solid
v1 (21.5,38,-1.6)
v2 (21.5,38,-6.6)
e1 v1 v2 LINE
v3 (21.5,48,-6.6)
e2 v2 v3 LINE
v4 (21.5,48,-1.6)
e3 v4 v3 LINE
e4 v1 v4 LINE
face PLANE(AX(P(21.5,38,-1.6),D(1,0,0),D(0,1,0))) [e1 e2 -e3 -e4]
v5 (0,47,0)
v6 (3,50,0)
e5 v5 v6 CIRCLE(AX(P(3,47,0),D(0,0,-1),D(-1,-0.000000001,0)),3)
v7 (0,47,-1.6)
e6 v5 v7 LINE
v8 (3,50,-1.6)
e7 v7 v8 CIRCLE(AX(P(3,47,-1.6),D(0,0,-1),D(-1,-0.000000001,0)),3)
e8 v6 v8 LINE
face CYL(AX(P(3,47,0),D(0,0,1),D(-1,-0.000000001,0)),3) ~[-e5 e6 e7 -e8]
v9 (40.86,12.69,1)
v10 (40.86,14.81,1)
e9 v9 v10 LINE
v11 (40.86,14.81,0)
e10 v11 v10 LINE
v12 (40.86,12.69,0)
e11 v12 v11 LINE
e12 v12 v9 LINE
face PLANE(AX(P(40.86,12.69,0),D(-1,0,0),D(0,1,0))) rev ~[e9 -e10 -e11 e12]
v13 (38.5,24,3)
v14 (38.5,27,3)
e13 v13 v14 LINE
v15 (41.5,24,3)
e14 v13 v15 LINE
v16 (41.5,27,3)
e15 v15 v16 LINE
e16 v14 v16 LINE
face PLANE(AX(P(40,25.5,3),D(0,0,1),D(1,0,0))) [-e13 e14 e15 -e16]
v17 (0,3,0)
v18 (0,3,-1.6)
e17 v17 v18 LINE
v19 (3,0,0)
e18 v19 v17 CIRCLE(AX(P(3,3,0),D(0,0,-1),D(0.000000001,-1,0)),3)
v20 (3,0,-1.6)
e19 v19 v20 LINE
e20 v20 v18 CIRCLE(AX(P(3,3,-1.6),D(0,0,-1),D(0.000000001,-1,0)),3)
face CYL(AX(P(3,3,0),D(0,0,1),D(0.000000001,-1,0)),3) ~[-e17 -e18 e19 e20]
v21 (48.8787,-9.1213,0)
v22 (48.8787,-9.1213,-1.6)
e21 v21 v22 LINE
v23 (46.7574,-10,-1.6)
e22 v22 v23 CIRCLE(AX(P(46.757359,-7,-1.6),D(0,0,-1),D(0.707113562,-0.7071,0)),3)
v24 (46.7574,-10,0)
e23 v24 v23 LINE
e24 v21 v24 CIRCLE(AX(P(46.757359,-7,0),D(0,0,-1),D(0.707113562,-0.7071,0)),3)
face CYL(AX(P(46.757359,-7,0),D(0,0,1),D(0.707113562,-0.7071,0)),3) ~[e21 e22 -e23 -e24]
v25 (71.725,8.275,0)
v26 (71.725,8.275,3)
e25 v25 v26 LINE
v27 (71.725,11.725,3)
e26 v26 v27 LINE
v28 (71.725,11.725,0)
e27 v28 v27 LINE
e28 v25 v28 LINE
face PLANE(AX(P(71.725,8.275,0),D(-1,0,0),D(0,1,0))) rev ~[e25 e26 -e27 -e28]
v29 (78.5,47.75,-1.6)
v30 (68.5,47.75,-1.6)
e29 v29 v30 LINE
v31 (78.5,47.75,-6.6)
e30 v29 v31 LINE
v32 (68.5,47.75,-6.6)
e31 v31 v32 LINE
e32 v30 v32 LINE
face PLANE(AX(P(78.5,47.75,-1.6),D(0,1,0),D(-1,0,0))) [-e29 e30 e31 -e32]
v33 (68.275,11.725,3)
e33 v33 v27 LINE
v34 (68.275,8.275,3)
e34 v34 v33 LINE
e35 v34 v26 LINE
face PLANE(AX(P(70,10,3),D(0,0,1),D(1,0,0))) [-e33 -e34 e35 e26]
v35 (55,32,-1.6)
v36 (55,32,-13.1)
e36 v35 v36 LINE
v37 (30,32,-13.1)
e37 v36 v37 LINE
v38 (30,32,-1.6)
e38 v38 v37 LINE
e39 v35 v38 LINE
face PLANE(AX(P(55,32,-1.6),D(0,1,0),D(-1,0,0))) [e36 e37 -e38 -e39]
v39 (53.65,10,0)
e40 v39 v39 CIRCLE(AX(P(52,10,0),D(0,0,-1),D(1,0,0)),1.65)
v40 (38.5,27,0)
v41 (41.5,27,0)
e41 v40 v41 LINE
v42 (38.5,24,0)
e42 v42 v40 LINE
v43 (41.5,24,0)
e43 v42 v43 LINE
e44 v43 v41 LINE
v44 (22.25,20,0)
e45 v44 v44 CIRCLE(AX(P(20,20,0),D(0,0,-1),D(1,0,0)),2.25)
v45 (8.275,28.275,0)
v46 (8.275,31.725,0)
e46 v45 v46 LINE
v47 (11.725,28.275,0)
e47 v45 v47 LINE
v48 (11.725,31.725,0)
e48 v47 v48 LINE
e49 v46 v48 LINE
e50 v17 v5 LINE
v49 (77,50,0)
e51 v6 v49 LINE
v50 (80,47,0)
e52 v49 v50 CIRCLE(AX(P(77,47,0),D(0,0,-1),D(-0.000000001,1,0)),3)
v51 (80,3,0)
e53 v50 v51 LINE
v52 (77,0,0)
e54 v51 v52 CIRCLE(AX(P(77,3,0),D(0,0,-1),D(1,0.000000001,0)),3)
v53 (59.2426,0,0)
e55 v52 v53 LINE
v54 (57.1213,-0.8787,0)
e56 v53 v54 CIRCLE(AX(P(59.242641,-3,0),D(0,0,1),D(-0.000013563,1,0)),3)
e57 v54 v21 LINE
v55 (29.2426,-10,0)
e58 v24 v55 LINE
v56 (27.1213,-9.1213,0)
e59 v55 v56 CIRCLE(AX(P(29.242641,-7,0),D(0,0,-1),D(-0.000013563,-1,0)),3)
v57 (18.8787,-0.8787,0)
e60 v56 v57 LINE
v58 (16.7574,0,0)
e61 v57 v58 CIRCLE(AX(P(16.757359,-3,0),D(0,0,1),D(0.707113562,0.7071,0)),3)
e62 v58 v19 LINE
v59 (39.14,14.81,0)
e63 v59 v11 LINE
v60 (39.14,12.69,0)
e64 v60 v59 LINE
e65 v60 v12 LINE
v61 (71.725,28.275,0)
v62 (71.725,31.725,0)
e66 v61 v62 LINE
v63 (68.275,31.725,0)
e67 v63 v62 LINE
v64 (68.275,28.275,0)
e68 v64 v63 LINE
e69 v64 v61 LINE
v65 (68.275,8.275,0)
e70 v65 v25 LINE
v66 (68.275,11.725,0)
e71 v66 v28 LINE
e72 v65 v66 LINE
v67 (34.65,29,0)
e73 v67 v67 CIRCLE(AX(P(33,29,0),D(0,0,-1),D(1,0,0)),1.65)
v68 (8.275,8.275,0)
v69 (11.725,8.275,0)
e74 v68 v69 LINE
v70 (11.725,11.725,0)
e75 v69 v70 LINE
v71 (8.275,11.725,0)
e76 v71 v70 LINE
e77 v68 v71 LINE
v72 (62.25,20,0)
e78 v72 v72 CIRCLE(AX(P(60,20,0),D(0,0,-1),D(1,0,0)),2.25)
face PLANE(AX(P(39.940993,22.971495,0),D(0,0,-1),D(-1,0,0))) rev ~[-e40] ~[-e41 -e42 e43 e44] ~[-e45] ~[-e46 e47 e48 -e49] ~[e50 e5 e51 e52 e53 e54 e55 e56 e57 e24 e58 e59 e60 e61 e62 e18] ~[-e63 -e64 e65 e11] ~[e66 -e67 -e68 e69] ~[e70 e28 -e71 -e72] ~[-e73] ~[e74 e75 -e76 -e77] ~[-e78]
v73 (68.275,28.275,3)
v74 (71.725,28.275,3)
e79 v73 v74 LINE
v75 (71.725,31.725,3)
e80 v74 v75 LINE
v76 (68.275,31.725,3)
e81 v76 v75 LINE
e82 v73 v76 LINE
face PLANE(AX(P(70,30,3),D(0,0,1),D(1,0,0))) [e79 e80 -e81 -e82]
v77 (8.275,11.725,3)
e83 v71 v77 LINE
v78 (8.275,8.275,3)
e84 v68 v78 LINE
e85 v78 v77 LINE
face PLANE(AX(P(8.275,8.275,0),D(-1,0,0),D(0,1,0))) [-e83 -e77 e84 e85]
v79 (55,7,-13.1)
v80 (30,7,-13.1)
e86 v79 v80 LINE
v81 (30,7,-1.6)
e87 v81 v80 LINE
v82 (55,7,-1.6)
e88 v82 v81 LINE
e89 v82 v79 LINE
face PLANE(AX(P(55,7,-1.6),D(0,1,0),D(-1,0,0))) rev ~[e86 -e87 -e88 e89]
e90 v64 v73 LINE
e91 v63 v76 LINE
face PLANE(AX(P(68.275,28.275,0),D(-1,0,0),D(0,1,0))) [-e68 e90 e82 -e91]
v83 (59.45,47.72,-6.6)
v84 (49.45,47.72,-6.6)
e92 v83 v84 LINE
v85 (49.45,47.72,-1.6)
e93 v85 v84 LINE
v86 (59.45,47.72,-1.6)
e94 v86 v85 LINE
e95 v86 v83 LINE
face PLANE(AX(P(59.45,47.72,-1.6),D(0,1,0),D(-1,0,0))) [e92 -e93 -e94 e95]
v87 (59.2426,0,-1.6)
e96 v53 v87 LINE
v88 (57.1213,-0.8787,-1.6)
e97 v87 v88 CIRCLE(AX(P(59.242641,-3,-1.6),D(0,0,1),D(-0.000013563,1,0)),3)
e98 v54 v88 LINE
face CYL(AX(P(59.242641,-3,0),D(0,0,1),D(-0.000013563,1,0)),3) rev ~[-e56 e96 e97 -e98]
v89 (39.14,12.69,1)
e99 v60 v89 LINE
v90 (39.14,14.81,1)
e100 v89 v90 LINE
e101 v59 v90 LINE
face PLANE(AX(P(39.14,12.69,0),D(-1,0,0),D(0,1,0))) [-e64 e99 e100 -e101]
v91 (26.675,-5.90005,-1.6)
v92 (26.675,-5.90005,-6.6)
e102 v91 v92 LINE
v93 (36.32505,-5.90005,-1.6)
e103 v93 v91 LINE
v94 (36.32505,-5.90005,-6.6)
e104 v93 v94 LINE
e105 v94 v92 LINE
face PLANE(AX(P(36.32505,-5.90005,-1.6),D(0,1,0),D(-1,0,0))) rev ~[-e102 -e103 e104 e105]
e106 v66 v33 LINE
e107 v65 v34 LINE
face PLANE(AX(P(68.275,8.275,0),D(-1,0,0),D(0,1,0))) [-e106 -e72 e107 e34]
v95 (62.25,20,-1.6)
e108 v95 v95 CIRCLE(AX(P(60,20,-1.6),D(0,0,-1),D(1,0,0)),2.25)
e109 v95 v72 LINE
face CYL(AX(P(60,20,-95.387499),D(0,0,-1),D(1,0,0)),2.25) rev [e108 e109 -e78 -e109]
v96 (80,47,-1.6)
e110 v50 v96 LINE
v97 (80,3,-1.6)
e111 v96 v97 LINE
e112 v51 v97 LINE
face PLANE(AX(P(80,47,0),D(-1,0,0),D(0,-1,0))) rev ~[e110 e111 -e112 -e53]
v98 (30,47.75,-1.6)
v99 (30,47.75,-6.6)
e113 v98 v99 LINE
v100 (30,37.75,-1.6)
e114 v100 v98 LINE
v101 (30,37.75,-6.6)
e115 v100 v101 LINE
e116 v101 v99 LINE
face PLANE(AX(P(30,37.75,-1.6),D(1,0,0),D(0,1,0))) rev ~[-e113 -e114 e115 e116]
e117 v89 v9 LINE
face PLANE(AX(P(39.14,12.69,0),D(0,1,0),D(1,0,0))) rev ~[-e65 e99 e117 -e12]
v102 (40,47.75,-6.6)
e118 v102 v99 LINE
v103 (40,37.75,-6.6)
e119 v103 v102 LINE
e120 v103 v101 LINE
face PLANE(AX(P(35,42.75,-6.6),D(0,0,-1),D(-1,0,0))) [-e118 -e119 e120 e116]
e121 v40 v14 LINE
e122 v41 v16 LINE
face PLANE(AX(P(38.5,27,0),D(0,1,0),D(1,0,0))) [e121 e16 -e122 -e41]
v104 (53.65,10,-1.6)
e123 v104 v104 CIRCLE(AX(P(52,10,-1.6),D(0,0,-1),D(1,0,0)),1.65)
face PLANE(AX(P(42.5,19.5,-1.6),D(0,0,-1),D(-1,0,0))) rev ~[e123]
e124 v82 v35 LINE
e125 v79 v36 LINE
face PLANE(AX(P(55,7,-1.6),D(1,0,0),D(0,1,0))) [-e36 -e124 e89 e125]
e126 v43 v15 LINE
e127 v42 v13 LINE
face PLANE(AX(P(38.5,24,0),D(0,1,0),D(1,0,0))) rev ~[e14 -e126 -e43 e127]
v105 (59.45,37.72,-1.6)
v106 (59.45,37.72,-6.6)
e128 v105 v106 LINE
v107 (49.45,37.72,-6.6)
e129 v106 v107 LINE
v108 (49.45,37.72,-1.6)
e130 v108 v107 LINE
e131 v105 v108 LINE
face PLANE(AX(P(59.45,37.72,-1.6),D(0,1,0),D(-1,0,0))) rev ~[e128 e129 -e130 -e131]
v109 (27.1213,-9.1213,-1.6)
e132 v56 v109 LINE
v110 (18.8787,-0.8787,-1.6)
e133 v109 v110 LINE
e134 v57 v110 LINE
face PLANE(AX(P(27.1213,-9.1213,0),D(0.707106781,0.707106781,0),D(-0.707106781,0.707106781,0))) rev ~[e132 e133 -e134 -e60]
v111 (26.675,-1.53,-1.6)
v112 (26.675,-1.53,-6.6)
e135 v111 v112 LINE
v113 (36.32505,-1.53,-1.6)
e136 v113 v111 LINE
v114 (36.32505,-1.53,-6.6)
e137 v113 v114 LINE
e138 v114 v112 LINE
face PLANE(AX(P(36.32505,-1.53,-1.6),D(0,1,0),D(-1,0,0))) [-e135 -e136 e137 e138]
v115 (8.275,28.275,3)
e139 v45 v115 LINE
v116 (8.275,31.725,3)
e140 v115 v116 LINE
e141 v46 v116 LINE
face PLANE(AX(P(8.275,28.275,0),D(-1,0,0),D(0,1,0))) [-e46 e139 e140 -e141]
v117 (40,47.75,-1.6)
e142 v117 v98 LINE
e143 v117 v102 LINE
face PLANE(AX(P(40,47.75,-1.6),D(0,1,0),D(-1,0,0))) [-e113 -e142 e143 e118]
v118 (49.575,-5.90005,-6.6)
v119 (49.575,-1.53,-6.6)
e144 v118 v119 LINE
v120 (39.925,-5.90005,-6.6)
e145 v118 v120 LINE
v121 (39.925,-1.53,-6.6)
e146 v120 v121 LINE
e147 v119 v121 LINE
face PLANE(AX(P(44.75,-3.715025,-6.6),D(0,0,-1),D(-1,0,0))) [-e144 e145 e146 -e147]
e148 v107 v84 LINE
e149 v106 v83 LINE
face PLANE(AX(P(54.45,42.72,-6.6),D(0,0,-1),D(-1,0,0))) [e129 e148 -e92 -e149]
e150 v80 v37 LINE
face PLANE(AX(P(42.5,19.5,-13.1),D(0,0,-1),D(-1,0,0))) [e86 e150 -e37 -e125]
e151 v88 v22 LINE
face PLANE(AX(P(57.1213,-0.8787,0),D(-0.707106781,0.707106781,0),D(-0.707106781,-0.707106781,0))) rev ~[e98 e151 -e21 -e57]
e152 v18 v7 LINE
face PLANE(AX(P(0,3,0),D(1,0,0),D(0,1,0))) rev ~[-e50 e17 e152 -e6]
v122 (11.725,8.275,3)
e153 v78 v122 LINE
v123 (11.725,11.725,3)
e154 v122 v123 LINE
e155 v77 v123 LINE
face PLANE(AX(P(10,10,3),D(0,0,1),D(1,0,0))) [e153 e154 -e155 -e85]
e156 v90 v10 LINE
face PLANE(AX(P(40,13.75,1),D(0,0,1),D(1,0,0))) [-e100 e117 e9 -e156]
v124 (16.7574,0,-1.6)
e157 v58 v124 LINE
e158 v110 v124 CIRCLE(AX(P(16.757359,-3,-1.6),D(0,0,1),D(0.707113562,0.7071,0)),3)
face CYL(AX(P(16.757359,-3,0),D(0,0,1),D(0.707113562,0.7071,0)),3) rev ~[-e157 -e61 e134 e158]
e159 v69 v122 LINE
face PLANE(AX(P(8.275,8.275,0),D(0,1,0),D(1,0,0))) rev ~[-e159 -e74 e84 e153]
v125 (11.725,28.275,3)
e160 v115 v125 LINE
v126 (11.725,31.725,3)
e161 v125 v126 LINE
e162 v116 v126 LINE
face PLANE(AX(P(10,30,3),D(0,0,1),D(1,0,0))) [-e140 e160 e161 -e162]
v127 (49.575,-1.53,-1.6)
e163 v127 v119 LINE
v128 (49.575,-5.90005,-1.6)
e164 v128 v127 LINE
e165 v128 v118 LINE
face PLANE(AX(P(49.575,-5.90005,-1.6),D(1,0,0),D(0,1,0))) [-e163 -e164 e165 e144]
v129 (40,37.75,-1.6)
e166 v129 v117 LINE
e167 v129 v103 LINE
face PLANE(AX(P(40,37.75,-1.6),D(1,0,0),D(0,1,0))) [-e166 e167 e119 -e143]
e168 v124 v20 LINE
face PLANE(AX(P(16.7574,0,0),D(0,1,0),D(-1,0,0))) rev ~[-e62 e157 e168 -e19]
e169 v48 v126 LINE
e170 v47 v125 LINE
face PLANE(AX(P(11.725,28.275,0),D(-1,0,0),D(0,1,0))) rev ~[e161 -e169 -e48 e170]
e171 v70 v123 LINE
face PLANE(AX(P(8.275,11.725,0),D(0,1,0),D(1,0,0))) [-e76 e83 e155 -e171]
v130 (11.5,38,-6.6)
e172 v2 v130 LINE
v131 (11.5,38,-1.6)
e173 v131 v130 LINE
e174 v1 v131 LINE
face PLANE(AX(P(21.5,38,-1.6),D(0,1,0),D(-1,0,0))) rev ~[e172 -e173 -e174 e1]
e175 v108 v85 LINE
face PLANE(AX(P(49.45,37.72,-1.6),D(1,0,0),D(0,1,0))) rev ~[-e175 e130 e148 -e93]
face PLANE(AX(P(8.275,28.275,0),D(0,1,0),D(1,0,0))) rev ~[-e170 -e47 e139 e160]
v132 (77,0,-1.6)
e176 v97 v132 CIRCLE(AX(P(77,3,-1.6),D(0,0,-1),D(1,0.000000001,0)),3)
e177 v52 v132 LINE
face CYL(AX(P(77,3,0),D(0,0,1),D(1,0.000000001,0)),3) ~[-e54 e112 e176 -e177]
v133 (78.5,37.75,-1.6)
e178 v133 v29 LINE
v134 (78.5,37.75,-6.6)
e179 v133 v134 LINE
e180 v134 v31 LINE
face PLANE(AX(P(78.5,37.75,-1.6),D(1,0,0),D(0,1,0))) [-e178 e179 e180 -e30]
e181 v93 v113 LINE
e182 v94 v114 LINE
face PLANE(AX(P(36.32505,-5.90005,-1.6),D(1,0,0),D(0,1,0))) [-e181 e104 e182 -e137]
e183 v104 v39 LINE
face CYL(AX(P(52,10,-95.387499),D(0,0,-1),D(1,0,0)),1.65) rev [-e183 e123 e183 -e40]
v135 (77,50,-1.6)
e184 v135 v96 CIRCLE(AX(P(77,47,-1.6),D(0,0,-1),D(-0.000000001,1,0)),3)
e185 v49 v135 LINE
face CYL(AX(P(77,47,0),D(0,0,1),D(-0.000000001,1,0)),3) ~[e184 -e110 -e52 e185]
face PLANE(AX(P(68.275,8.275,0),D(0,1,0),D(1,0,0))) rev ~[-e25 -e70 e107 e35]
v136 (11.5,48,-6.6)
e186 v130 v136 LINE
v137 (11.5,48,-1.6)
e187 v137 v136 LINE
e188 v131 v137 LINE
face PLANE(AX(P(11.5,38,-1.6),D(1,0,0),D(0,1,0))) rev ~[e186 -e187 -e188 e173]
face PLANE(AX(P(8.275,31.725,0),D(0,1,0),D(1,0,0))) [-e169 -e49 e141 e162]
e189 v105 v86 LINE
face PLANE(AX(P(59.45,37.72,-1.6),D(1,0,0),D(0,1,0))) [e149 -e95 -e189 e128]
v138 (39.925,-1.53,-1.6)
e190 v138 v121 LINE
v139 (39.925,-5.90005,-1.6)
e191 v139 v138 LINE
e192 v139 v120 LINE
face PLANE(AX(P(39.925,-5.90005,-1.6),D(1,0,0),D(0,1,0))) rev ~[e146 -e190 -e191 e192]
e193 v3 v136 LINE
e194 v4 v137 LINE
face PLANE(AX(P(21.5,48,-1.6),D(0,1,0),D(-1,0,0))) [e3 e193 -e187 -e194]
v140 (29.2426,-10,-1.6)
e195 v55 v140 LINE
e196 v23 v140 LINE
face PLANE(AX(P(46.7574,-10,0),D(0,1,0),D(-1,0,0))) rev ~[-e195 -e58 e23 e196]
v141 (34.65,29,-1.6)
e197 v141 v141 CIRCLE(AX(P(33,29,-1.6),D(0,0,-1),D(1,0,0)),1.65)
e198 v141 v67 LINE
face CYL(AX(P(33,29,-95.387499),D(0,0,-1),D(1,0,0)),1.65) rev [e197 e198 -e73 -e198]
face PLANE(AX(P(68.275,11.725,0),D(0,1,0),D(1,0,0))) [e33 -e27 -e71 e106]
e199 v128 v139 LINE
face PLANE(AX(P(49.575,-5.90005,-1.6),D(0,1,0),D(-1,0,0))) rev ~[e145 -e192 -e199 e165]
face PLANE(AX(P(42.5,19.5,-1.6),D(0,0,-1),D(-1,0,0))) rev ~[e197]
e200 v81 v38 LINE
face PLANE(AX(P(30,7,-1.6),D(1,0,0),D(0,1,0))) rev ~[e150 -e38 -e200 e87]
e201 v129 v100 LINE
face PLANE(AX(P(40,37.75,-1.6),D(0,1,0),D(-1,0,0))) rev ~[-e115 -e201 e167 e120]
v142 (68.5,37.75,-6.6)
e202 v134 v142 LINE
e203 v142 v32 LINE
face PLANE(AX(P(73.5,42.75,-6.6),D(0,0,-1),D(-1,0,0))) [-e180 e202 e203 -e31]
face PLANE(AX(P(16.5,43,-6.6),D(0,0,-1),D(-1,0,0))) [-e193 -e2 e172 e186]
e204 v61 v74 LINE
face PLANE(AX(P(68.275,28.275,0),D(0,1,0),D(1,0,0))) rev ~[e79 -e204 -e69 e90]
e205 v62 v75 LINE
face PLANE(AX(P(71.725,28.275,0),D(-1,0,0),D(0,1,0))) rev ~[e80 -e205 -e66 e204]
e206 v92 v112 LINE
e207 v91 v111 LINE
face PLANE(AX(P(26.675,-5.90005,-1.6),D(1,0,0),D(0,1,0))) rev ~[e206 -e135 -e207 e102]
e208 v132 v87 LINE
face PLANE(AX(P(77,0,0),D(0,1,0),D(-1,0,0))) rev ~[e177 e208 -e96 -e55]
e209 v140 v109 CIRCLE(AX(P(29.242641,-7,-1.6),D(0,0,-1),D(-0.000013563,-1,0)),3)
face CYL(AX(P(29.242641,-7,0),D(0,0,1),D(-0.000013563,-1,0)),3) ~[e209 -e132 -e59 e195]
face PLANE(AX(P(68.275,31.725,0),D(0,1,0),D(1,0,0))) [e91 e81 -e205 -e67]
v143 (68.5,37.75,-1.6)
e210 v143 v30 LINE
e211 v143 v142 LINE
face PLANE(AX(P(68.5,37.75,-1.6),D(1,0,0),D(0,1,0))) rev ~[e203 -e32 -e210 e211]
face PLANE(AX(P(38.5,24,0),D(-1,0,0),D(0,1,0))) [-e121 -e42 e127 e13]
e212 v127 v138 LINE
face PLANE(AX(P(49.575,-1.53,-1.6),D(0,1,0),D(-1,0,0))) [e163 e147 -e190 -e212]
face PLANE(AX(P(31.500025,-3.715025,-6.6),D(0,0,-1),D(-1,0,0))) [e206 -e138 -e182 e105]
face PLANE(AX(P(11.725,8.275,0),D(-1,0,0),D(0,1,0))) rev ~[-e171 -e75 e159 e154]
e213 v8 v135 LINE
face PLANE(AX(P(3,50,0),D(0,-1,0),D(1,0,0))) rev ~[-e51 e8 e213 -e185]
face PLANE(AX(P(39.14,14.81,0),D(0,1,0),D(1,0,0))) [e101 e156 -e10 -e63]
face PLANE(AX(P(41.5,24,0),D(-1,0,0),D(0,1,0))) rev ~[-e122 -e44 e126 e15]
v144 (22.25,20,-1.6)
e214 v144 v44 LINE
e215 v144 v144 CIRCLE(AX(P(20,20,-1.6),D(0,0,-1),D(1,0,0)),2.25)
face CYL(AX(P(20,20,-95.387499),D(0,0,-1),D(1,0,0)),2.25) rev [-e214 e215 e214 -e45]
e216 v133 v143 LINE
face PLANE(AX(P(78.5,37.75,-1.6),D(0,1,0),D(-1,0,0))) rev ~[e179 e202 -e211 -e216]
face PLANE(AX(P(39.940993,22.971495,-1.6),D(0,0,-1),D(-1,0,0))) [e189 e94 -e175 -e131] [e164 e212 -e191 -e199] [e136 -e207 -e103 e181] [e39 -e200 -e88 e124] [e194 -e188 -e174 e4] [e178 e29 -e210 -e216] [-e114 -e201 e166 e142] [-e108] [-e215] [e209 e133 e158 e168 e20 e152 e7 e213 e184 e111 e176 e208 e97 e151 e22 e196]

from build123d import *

# Parameters (mm, degrees)
BOSS_EXTRU_1_DEPTH           = 1.6
ESQUISSE3_W                  = 3.45
ESQUISSE3_H                  = 3.45
BOSS_EXTRU_2_DEPTH           = 3
ESQUISSE4_W                  = 3.45
ESQUISSE4_H                  = 3.45
BOSS_EXTRU_3_DEPTH           = 3
ESQUISSE5_W                  = 3
ESQUISSE5_H                  = 3
BOSS_EXTRU_4_DEPTH           = 3
ESQUISSE6_W                  = 1.72
ESQUISSE6_H                  = 2.12
BOSS_EXTRU_5_DEPTH           = 1
ENL_V_MAT_EXTRU_1_DEPTH      = 95.387499172
ENL_V_MAT_EXTRU_1_DEPTH_BACK = 95.387499172
ESQUISSE7_R                  = 2.25
ESQUISSE7_R_2                = 1.65
ESQUISSE8_W                  = 25
ESQUISSE8_H                  = 25
BOSS_EXTRU_6_DEPTH           = 11.5
ESQUISSE9_W                  = 10
ESQUISSE9_H                  = 10
BOSS_EXTRU_7_DEPTH           = 5
ESQUISSE10_W                 = 9.65005
ESQUISSE10_H                 = 4.37005
ESQUISSE10_W_2               = 9.65
BOSS_EXTRU_8_DEPTH           = 5


with BuildPart() as part:
    # Esquisse2 → Boss.-Extru.1 (new body)
    with BuildSketch(Plane.XY):
        with BuildLine():
            Line((0, 3), (0, 47))
            ThreePointArc((0, 47), (0.878679656, 49.121320344), (3, 50))
            Line((3, 50), (77, 50))
            ThreePointArc((77, 50), (79.121320344, 49.121320344), (80, 47))
            Line((80, 47), (80, 3))
            ThreePointArc((80, 3), (79.121320344, 0.878679656), (77, 0))
            Line((77, 0), (59.2426, 0))
            ThreePointArc((59.2426, 0), (58.094558305, -0.228374693), (57.1213, -0.8787))
            Line((57.1213, -0.8787), (48.8787, -9.1213))
            ThreePointArc((48.8787, -9.1213), (47.905441695, -9.771625307), (46.7574, -10))
            Line((46.7574, -10), (29.2426, -10))
            ThreePointArc((29.2426, -10), (28.094558305, -9.771625307), (27.1213, -9.1213))
            Line((27.1213, -9.1213), (18.8787, -0.8787))
            ThreePointArc((18.8787, -0.8787), (17.905441695, -0.228374693), (16.7574, 0))
            Line((16.7574, 0), (3, 0))
            ThreePointArc((3, 0), (0.878679656, 0.878679656), (0, 3))
        make_face()
    extrude(amount=-BOSS_EXTRU_1_DEPTH)

    # Esquisse3 → Boss.-Extru.2 (add)
    with BuildSketch(Plane.XY):
        with Locations((10, 10)):
            Rectangle(ESQUISSE3_W, ESQUISSE3_H)
        with Locations((10, 30)):
            Rectangle(ESQUISSE3_W, ESQUISSE3_H)
    extrude(amount=BOSS_EXTRU_2_DEPTH)

    # Esquisse4 → Boss.-Extru.3 (add)
    with BuildSketch(Plane.XY):
        with Locations((70, 10)):
            Rectangle(ESQUISSE4_W, ESQUISSE4_H)
        with Locations((70, 30)):
            Rectangle(ESQUISSE4_W, ESQUISSE4_H)
    extrude(amount=BOSS_EXTRU_3_DEPTH)

    # Esquisse5 → Boss.-Extru.4 (add)
    with BuildSketch(Plane.XY):
        with Locations((40, 25.5)):
            Rectangle(ESQUISSE5_W, ESQUISSE5_H)
    extrude(amount=BOSS_EXTRU_4_DEPTH)

    # Esquisse6 → Boss.-Extru.5 (add)
    with BuildSketch(Plane.XY):
        with Locations((40, 13.75)):
            Rectangle(ESQUISSE6_W, ESQUISSE6_H)
    extrude(amount=BOSS_EXTRU_5_DEPTH)

    # Esquisse7 → Enlèv. mat.-Extru.1 (cut, two sides: drawn at the far end of the back side and taken through both)
    with BuildSketch(Plane.XY.offset(-ENL_V_MAT_EXTRU_1_DEPTH_BACK)):
        with Locations((20, 20)):
            Circle(ESQUISSE7_R)
        with Locations((60, 20)):
            Circle(ESQUISSE7_R)
        with Locations((33, 29)):
            Circle(ESQUISSE7_R_2)
        with Locations((52, 10)):
            Circle(ESQUISSE7_R_2)
    extrude(amount=ENL_V_MAT_EXTRU_1_DEPTH + ENL_V_MAT_EXTRU_1_DEPTH_BACK, mode=Mode.SUBTRACT)

    # Esquisse8 → Boss.-Extru.6 (add)
    with BuildSketch(Plane(origin=(0, 0, -1.6), x_dir=(-1, 0, 0), z_dir=(0, 0, -1))):
        with Locations((-42.5, 19.5)):
            Rectangle(ESQUISSE8_W, ESQUISSE8_H)
    extrude(amount=BOSS_EXTRU_6_DEPTH)

    # Esquisse9 → Boss.-Extru.7 (add)
    with BuildSketch(Plane(origin=(0, 0, -1.6), x_dir=(-1, 0, 0), z_dir=(0, 0, -1))):
        with Locations((-16.5, 43)):
            Rectangle(ESQUISSE9_W, ESQUISSE9_H)
        with Locations((-35, 42.75)):
            Rectangle(ESQUISSE9_W, ESQUISSE9_H)
        with Locations((-54.45, 42.72)):
            Rectangle(ESQUISSE9_W, ESQUISSE9_H)
        with Locations((-73.5, 42.75)):
            Rectangle(ESQUISSE9_W, ESQUISSE9_H)
    extrude(amount=BOSS_EXTRU_7_DEPTH)

    # Esquisse10 → Boss.-Extru.8 (add)
    with BuildSketch(Plane(origin=(0, 0, -1.6), x_dir=(-1, 0, 0), z_dir=(0, 0, -1))):
        with Locations((-31.500025, -3.715025)):
            Rectangle(ESQUISSE10_W, ESQUISSE10_H)
        with Locations((-44.75, -3.715025)):
            Rectangle(ESQUISSE10_W_2, ESQUISSE10_H)
    extrude(amount=BOSS_EXTRU_8_DEPTH)


solid = part.part
